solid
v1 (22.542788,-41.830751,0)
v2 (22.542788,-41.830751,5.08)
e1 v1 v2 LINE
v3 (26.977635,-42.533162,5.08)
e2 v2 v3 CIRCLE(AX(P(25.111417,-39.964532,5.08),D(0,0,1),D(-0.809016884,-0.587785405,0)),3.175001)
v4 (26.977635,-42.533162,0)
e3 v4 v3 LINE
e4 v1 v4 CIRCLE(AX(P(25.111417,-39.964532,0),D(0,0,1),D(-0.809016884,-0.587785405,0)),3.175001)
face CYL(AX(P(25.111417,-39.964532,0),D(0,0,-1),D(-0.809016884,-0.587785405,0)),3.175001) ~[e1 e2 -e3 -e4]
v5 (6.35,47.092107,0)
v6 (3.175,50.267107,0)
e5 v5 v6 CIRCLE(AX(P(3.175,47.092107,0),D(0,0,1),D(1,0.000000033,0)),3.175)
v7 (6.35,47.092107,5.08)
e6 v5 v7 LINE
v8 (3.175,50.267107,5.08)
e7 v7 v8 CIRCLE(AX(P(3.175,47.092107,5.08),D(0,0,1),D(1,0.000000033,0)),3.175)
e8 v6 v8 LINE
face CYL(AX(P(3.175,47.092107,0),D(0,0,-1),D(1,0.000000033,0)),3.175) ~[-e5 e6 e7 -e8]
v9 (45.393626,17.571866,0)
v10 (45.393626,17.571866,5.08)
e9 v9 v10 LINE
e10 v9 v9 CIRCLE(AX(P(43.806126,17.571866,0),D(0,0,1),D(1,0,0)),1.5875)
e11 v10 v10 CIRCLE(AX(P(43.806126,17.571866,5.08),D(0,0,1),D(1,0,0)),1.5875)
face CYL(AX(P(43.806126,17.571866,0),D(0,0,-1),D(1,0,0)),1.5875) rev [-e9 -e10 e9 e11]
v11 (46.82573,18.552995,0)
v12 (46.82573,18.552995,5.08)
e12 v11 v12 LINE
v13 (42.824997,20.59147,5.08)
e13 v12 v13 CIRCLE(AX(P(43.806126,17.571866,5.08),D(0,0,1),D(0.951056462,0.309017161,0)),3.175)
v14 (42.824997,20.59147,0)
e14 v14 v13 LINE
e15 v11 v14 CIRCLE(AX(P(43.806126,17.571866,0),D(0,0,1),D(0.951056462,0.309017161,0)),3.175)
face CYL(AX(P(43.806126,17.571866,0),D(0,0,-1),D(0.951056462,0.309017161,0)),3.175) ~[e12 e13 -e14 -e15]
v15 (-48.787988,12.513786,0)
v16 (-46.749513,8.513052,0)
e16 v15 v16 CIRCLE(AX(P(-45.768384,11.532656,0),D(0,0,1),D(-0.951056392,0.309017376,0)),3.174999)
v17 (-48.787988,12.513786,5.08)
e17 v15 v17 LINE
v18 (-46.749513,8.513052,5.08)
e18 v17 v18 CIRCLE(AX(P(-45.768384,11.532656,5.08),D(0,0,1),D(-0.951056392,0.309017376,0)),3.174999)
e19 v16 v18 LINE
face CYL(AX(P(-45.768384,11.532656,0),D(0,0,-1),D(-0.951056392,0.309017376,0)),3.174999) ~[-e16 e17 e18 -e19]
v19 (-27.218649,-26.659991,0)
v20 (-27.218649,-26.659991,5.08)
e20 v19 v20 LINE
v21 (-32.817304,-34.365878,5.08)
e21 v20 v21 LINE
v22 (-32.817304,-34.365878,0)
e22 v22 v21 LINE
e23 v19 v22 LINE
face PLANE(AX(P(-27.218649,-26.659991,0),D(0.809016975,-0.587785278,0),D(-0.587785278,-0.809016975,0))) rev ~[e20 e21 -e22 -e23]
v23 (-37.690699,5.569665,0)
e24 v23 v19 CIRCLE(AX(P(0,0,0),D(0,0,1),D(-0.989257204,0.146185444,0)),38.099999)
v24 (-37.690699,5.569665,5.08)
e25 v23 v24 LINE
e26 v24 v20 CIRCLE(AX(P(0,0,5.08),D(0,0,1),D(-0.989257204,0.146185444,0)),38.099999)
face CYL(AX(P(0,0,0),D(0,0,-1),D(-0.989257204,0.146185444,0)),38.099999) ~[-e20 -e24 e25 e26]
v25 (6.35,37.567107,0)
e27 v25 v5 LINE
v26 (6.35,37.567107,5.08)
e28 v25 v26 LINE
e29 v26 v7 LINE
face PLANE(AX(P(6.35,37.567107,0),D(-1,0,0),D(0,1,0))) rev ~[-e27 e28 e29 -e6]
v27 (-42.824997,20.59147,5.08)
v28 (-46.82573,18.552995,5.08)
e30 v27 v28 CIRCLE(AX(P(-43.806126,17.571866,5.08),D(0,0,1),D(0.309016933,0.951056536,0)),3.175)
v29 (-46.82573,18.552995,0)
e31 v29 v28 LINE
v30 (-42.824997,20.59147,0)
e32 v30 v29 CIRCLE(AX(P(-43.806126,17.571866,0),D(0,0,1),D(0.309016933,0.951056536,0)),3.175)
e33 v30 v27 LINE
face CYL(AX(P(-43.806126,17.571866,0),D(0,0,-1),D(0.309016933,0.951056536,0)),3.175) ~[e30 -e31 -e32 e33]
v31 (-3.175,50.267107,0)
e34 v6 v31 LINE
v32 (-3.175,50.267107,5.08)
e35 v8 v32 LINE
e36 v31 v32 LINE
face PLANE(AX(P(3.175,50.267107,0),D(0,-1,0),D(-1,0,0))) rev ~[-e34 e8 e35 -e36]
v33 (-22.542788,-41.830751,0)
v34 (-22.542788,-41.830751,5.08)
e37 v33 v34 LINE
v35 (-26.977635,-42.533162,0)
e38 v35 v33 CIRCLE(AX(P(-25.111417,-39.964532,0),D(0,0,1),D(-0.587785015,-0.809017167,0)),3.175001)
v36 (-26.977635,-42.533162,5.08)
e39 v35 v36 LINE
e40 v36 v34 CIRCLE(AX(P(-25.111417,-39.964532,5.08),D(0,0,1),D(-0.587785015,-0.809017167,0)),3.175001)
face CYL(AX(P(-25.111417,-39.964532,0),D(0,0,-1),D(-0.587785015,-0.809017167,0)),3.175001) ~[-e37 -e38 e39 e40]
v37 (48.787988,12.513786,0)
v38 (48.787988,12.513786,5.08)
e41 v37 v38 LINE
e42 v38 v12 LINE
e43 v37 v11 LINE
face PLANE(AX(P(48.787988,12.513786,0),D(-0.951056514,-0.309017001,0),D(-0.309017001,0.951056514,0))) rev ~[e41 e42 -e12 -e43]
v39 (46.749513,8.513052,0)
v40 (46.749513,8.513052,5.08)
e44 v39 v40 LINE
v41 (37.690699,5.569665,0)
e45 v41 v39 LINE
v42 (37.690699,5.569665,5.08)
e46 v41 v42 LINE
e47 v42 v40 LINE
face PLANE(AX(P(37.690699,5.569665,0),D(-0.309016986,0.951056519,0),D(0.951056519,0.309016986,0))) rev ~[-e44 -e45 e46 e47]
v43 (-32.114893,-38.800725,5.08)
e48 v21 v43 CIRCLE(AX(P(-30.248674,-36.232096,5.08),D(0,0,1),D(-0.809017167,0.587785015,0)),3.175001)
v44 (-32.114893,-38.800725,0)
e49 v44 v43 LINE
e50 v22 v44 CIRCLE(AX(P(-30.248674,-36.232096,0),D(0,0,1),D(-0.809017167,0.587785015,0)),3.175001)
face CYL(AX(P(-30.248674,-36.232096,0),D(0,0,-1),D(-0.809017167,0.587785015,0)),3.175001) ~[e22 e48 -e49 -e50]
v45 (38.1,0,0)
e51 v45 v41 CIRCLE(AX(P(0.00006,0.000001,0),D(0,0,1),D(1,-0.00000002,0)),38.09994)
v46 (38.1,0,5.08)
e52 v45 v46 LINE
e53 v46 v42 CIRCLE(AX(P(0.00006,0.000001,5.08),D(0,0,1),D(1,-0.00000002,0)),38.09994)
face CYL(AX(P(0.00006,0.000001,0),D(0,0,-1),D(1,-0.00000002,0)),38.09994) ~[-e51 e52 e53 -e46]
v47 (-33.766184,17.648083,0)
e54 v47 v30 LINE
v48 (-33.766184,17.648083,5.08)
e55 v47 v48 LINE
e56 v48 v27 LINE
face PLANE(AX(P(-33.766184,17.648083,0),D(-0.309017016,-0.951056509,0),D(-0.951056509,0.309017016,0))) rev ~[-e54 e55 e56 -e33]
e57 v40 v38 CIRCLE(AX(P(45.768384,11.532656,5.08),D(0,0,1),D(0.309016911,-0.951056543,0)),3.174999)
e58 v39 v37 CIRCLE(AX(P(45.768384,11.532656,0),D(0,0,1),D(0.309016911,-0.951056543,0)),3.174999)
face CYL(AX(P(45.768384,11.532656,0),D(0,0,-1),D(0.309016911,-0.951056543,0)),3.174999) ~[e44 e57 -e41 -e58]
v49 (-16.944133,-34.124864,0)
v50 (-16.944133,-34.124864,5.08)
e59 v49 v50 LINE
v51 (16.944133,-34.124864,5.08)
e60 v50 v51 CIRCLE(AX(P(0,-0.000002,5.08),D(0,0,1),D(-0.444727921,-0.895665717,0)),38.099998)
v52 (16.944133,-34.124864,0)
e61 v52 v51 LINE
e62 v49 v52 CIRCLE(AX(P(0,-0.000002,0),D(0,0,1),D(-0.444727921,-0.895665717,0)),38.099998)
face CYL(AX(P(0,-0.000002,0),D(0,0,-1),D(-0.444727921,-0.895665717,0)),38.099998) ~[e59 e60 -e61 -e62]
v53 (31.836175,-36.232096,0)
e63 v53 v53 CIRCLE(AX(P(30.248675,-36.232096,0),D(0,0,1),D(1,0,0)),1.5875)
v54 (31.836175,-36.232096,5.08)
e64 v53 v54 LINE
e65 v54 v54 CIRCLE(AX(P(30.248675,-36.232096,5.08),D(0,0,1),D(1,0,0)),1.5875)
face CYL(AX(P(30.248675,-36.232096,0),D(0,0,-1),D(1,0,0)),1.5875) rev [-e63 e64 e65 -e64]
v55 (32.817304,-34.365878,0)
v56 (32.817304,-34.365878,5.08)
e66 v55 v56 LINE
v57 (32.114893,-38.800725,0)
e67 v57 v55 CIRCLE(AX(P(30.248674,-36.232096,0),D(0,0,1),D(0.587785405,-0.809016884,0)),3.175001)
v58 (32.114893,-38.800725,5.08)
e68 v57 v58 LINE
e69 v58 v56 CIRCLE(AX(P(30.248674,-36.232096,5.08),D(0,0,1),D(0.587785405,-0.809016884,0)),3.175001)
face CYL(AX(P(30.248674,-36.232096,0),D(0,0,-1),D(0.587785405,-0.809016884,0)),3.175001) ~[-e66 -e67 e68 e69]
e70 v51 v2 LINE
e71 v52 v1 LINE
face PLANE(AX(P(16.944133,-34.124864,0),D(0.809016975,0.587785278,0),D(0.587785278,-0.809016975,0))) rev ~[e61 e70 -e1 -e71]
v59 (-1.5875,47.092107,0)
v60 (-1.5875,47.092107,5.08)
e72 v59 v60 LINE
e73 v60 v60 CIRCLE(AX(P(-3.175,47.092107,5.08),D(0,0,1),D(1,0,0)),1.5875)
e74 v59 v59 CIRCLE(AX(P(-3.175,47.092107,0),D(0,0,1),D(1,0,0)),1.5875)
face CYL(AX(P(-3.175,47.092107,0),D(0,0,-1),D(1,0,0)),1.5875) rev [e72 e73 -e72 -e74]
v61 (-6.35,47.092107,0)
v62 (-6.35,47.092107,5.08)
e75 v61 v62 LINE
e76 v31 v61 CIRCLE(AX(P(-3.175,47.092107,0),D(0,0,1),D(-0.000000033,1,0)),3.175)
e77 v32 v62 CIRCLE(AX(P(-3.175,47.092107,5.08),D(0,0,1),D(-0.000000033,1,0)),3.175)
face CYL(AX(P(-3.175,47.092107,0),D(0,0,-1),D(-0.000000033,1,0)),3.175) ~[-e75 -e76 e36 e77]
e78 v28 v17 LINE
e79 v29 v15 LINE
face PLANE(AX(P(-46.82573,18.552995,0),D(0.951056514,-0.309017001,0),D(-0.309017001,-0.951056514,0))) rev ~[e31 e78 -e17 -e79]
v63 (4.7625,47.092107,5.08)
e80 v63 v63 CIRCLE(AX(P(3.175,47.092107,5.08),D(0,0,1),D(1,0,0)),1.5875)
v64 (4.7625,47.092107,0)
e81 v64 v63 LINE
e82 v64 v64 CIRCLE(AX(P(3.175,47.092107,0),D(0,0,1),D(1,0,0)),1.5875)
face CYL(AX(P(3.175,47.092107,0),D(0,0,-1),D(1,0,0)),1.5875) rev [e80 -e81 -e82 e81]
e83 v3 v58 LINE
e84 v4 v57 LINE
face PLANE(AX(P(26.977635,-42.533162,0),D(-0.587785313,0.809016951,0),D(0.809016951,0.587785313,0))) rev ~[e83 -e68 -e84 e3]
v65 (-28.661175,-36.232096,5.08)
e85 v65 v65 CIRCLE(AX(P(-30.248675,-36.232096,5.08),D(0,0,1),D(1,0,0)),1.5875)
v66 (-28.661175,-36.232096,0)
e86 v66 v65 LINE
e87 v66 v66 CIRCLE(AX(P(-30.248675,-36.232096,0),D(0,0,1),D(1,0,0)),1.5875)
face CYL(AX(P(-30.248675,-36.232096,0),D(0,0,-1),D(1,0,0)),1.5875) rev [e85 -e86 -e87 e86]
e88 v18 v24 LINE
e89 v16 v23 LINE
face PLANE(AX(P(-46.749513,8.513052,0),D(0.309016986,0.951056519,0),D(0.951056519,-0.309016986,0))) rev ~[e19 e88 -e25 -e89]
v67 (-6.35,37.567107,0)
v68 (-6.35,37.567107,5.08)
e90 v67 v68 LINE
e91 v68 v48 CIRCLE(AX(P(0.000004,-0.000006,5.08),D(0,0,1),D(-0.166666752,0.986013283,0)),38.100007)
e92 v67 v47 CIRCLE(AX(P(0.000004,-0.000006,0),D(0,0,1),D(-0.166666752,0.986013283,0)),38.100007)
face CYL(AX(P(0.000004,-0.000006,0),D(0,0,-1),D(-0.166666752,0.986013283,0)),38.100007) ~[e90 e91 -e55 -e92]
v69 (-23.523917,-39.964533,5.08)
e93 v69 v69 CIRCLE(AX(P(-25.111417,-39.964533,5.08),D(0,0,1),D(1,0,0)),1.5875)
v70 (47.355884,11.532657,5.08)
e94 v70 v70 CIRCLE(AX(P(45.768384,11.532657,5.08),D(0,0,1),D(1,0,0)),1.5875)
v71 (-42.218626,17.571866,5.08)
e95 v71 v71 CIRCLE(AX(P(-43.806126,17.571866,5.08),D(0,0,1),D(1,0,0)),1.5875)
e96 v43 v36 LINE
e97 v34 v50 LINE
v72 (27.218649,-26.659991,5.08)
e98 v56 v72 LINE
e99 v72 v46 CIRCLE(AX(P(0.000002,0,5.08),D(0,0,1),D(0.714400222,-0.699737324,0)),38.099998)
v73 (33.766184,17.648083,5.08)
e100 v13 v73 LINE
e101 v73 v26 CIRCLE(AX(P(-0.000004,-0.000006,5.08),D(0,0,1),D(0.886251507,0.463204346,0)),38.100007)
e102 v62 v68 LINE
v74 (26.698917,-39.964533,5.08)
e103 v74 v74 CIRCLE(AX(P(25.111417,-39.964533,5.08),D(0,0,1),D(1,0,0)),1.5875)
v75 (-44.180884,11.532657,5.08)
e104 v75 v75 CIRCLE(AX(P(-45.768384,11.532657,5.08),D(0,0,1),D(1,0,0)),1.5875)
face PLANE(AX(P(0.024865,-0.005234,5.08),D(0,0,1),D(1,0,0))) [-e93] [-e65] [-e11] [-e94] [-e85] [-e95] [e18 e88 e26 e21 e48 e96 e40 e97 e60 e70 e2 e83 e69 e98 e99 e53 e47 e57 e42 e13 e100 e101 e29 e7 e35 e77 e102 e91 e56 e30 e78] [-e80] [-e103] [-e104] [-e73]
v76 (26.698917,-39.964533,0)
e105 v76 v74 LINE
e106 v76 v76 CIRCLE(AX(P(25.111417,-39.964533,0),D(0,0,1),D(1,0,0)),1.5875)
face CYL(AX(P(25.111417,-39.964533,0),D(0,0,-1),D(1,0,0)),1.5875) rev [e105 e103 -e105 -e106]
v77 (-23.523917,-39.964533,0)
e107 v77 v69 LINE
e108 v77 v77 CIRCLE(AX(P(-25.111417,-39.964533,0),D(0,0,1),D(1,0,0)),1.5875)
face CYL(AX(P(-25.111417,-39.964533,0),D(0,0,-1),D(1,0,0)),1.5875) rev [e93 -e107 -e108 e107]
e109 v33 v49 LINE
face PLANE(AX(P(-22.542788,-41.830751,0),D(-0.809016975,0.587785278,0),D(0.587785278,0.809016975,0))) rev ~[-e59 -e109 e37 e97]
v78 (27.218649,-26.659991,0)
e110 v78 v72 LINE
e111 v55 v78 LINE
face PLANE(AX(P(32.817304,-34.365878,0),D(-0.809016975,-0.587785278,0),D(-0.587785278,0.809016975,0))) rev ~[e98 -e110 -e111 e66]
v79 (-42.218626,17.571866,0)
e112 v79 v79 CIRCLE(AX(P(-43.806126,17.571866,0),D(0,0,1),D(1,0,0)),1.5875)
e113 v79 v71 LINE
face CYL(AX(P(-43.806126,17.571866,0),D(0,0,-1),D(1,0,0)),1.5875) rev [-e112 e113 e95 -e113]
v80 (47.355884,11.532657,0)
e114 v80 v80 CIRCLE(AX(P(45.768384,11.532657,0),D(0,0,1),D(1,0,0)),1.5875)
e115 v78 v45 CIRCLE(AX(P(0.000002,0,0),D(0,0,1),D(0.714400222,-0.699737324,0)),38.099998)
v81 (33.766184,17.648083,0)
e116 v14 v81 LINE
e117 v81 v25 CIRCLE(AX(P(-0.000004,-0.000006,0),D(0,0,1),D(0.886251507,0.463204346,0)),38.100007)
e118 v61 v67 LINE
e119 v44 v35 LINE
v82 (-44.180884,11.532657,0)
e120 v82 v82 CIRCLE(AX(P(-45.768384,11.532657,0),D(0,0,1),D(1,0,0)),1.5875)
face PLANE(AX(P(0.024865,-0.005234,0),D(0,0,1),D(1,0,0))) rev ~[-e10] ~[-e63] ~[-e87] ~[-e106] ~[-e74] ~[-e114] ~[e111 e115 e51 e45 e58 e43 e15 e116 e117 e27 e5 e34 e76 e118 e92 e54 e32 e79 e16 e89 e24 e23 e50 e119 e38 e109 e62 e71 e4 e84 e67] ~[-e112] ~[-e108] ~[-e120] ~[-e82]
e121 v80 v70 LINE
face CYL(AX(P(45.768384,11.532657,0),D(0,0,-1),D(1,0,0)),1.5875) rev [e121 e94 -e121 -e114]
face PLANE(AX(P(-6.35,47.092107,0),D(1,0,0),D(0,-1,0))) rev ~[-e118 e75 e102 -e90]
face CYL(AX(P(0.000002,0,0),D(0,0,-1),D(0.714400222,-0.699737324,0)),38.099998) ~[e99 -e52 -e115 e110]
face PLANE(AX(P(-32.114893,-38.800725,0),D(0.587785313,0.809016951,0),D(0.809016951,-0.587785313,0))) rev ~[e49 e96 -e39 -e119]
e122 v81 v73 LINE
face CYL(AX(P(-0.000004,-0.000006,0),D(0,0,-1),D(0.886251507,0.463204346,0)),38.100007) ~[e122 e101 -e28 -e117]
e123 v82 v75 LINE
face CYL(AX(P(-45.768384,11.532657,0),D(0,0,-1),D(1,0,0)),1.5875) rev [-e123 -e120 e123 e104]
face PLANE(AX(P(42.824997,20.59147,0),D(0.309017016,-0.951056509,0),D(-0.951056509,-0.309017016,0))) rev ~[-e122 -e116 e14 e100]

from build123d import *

# Parameters (mm, degrees)
F0_R     = 1.5875
F1_DEPTH = 5.08
F2_DEPTH = 5.08


with BuildPart() as f1:
    # F0 (on Top) → F1 (new body)
    with BuildSketch(Plane.XY):
        with BuildLine():
            ThreePointArc((27.218649, -26.659991), (35.274924, -14.39756), (38.1, 0))
            ThreePointArc((38.1, 0), (37.997537, 2.792342), (37.690699, 5.569665))
            ThreePointArc((37.690699, 5.569665), (36.235253, 11.773547), (33.766184, 17.648083))
            ThreePointArc((33.766184, 17.648083), (22.394618, 30.823547), (6.35, 37.567107))
            ThreePointArc((6.35, 37.567107), (0, 38.1), (-6.35, 37.567107))
            ThreePointArc((-6.35, 37.567107), (-22.394618, 30.823547), (-33.766184, 17.648083))
            ThreePointArc((-33.766184, 17.648083), (-36.235253, 11.773547), (-37.690699, 5.569665))
            ThreePointArc((-37.690699, 5.569665), (-36.235253, -11.773547), (-27.218649, -26.659991))
            ThreePointArc((-27.218649, -26.659991), (-22.394618, -30.823547), (-16.944133, -34.124864))
            ThreePointArc((-16.944133, -34.124864), (0, -38.1), (16.944133, -34.124864))
            ThreePointArc((16.944133, -34.124864), (22.394618, -30.823547), (27.218649, -26.659991))
        make_face()
        with BuildLine():
            ThreePointArc((33.766184, 17.648083), (36.235253, 11.773547), (37.690699, 5.569665))
            Line((37.690699, 5.569665), (46.749513, 8.513052))
            ThreePointArc((46.749513, 8.513052), (48.59733, 10.091237), (48.787988, 12.513786))
            Line((48.787988, 12.513786), (46.82573, 18.552995))
            ThreePointArc((46.82573, 18.552995), (45.247546, 20.400811), (42.824997, 20.59147))
            Line((42.824997, 20.59147), (33.766184, 17.648083))
        make_face()
        with Locations((45.768384, 11.532657)):
            Circle(F0_R, mode=Mode.SUBTRACT)
        with Locations((43.806126, 17.571866)):
            Circle(F0_R, mode=Mode.SUBTRACT)
        with BuildLine():
            Line((32.817304, -34.365878), (27.218649, -26.659991))
            ThreePointArc((27.218649, -26.659991), (22.394618, -30.823547), (16.944133, -34.124864))
            Line((16.944133, -34.124864), (22.542788, -41.830751))
            ThreePointArc((22.542788, -41.830751), (24.614737, -43.100443), (26.977635, -42.533162))
            Line((26.977635, -42.533162), (32.114893, -38.800725))
            ThreePointArc((32.114893, -38.800725), (33.384585, -36.728776), (32.817304, -34.365878))
        make_face()
        with Locations((25.111417, -39.964533)):
            Circle(F0_R, mode=Mode.SUBTRACT)
        with Locations((30.248675, -36.232096)):
            Circle(F0_R, mode=Mode.SUBTRACT)
        with BuildLine():
            ThreePointArc((-6.35, 37.567107), (0, 38.1), (6.35, 37.567107))
            Line((6.35, 37.567107), (6.35, 47.092107))
            ThreePointArc((6.35, 47.092107), (5.420064, 49.337171), (3.175, 50.267107))
            Line((3.175, 50.267107), (-3.175, 50.267107))
            ThreePointArc((-3.175, 50.267107), (-5.420064, 49.337171), (-6.35, 47.092107))
            Line((-6.35, 47.092107), (-6.35, 37.567107))
        make_face()
        with Locations((-3.175, 47.092107)):
            Circle(F0_R, mode=Mode.SUBTRACT)
        with Locations((3.175, 47.092107)):
            Circle(F0_R, mode=Mode.SUBTRACT)
        with BuildLine():
            Line((-22.542788, -41.830751), (-16.944133, -34.124864))
            ThreePointArc((-16.944133, -34.124864), (-22.394618, -30.823547), (-27.218649, -26.659991))
            Line((-27.218649, -26.659991), (-32.817304, -34.365878))
            ThreePointArc((-32.817304, -34.365878), (-33.384585, -36.728776), (-32.114893, -38.800725))
            Line((-32.114893, -38.800725), (-26.977635, -42.533162))
            ThreePointArc((-26.977635, -42.533162), (-24.614737, -43.100443), (-22.542788, -41.830751))
        make_face()
        with Locations((-25.111417, -39.964533)):
            Circle(F0_R, mode=Mode.SUBTRACT)
        with Locations((-30.248675, -36.232096)):
            Circle(F0_R, mode=Mode.SUBTRACT)
        with BuildLine():
            ThreePointArc((-37.690699, 5.569665), (-36.235253, 11.773547), (-33.766184, 17.648083))
            Line((-33.766184, 17.648083), (-42.824997, 20.59147))
            ThreePointArc((-42.824997, 20.59147), (-45.247546, 20.400811), (-46.82573, 18.552995))
            Line((-46.82573, 18.552995), (-48.787988, 12.513786))
            ThreePointArc((-48.787988, 12.513786), (-48.59733, 10.091237), (-46.749513, 8.513052))
            Line((-46.749513, 8.513052), (-37.690699, 5.569665))
        make_face()
        with Locations((-45.768384, 11.532657)):
            Circle(F0_R, mode=Mode.SUBTRACT)
        with Locations((-43.806126, 17.571866)):
            Circle(F0_R, mode=Mode.SUBTRACT)
    extrude(amount=F1_DEPTH)

    # F0 (on Top) → F2 (cut)
    with BuildSketch(Plane.XY):
        with BuildLine():
            ThreePointArc((27.218649, -26.659991), (35.274924, -14.39756), (38.1, 0))
            ThreePointArc((38.1, 0), (37.997537, 2.792342), (37.690699, 5.569665))
            ThreePointArc((37.690699, 5.569665), (36.235253, 11.773547), (33.766184, 17.648083))
            ThreePointArc((33.766184, 17.648083), (22.394618, 30.823547), (6.35, 37.567107))
            ThreePointArc((6.35, 37.567107), (0, 38.1), (-6.35, 37.567107))
            ThreePointArc((-6.35, 37.567107), (-22.394618, 30.823547), (-33.766184, 17.648083))
            ThreePointArc((-33.766184, 17.648083), (-36.235253, 11.773547), (-37.690699, 5.569665))
            ThreePointArc((-37.690699, 5.569665), (-36.235253, -11.773547), (-27.218649, -26.659991))
            ThreePointArc((-27.218649, -26.659991), (-22.394618, -30.823547), (-16.944133, -34.124864))
            ThreePointArc((-16.944133, -34.124864), (0, -38.1), (16.944133, -34.124864))
            ThreePointArc((16.944133, -34.124864), (22.394618, -30.823547), (27.218649, -26.659991))
        make_face()
        with BuildLine():
            ThreePointArc((33.766184, 17.648083), (36.235253, 11.773547), (37.690699, 5.569665))
            Line((37.690699, 5.569665), (46.749513, 8.513052))
            ThreePointArc((46.749513, 8.513052), (48.59733, 10.091237), (48.787988, 12.513786))
            Line((48.787988, 12.513786), (46.82573, 18.552995))
            ThreePointArc((46.82573, 18.552995), (45.247546, 20.400811), (42.824997, 20.59147))
            Line((42.824997, 20.59147), (33.766184, 17.648083))
        make_face()
        with Locations((45.768384, 11.532657)):
            Circle(F0_R, mode=Mode.SUBTRACT)
        with Locations((43.806126, 17.571866)):
            Circle(F0_R, mode=Mode.SUBTRACT)
        with BuildLine():
            Line((32.817304, -34.365878), (27.218649, -26.659991))
            ThreePointArc((27.218649, -26.659991), (22.394618, -30.823547), (16.944133, -34.124864))
            Line((16.944133, -34.124864), (22.542788, -41.830751))
            ThreePointArc((22.542788, -41.830751), (24.614737, -43.100443), (26.977635, -42.533162))
            Line((26.977635, -42.533162), (32.114893, -38.800725))
            ThreePointArc((32.114893, -38.800725), (33.384585, -36.728776), (32.817304, -34.365878))
        make_face()
        with Locations((25.111417, -39.964533)):
            Circle(F0_R, mode=Mode.SUBTRACT)
        with Locations((30.248675, -36.232096)):
            Circle(F0_R, mode=Mode.SUBTRACT)
        with BuildLine():
            ThreePointArc((-6.35, 37.567107), (0, 38.1), (6.35, 37.567107))
            Line((6.35, 37.567107), (6.35, 47.092107))
            ThreePointArc((6.35, 47.092107), (5.420064, 49.337171), (3.175, 50.267107))
            Line((3.175, 50.267107), (-3.175, 50.267107))
            ThreePointArc((-3.175, 50.267107), (-5.420064, 49.337171), (-6.35, 47.092107))
            Line((-6.35, 47.092107), (-6.35, 37.567107))
        make_face()
        with Locations((-3.175, 47.092107)):
            Circle(F0_R, mode=Mode.SUBTRACT)
        with Locations((3.175, 47.092107)):
            Circle(F0_R, mode=Mode.SUBTRACT)
        with BuildLine():
            Line((-22.542788, -41.830751), (-16.944133, -34.124864))
            ThreePointArc((-16.944133, -34.124864), (-22.394618, -30.823547), (-27.218649, -26.659991))
            Line((-27.218649, -26.659991), (-32.817304, -34.365878))
            ThreePointArc((-32.817304, -34.365878), (-33.384585, -36.728776), (-32.114893, -38.800725))
            Line((-32.114893, -38.800725), (-26.977635, -42.533162))
            ThreePointArc((-26.977635, -42.533162), (-24.614737, -43.100443), (-22.542788, -41.830751))
        make_face()
        with Locations((-25.111417, -39.964533)):
            Circle(F0_R, mode=Mode.SUBTRACT)
        with Locations((-30.248675, -36.232096)):
            Circle(F0_R, mode=Mode.SUBTRACT)
        with BuildLine():
            ThreePointArc((-37.690699, 5.569665), (-36.235253, 11.773547), (-33.766184, 17.648083))
            Line((-33.766184, 17.648083), (-42.824997, 20.59147))
            ThreePointArc((-42.824997, 20.59147), (-45.247546, 20.400811), (-46.82573, 18.552995))
            Line((-46.82573, 18.552995), (-48.787988, 12.513786))
            ThreePointArc((-48.787988, 12.513786), (-48.59733, 10.091237), (-46.749513, 8.513052))
            Line((-46.749513, 8.513052), (-37.690699, 5.569665))
        make_face()
        with Locations((-45.768384, 11.532657)):
            Circle(F0_R, mode=Mode.SUBTRACT)
        with Locations((-43.806126, 17.571866)):
            Circle(F0_R, mode=Mode.SUBTRACT)
    extrude(amount=-F2_DEPTH, mode=Mode.SUBTRACT)


solid = f1.part
